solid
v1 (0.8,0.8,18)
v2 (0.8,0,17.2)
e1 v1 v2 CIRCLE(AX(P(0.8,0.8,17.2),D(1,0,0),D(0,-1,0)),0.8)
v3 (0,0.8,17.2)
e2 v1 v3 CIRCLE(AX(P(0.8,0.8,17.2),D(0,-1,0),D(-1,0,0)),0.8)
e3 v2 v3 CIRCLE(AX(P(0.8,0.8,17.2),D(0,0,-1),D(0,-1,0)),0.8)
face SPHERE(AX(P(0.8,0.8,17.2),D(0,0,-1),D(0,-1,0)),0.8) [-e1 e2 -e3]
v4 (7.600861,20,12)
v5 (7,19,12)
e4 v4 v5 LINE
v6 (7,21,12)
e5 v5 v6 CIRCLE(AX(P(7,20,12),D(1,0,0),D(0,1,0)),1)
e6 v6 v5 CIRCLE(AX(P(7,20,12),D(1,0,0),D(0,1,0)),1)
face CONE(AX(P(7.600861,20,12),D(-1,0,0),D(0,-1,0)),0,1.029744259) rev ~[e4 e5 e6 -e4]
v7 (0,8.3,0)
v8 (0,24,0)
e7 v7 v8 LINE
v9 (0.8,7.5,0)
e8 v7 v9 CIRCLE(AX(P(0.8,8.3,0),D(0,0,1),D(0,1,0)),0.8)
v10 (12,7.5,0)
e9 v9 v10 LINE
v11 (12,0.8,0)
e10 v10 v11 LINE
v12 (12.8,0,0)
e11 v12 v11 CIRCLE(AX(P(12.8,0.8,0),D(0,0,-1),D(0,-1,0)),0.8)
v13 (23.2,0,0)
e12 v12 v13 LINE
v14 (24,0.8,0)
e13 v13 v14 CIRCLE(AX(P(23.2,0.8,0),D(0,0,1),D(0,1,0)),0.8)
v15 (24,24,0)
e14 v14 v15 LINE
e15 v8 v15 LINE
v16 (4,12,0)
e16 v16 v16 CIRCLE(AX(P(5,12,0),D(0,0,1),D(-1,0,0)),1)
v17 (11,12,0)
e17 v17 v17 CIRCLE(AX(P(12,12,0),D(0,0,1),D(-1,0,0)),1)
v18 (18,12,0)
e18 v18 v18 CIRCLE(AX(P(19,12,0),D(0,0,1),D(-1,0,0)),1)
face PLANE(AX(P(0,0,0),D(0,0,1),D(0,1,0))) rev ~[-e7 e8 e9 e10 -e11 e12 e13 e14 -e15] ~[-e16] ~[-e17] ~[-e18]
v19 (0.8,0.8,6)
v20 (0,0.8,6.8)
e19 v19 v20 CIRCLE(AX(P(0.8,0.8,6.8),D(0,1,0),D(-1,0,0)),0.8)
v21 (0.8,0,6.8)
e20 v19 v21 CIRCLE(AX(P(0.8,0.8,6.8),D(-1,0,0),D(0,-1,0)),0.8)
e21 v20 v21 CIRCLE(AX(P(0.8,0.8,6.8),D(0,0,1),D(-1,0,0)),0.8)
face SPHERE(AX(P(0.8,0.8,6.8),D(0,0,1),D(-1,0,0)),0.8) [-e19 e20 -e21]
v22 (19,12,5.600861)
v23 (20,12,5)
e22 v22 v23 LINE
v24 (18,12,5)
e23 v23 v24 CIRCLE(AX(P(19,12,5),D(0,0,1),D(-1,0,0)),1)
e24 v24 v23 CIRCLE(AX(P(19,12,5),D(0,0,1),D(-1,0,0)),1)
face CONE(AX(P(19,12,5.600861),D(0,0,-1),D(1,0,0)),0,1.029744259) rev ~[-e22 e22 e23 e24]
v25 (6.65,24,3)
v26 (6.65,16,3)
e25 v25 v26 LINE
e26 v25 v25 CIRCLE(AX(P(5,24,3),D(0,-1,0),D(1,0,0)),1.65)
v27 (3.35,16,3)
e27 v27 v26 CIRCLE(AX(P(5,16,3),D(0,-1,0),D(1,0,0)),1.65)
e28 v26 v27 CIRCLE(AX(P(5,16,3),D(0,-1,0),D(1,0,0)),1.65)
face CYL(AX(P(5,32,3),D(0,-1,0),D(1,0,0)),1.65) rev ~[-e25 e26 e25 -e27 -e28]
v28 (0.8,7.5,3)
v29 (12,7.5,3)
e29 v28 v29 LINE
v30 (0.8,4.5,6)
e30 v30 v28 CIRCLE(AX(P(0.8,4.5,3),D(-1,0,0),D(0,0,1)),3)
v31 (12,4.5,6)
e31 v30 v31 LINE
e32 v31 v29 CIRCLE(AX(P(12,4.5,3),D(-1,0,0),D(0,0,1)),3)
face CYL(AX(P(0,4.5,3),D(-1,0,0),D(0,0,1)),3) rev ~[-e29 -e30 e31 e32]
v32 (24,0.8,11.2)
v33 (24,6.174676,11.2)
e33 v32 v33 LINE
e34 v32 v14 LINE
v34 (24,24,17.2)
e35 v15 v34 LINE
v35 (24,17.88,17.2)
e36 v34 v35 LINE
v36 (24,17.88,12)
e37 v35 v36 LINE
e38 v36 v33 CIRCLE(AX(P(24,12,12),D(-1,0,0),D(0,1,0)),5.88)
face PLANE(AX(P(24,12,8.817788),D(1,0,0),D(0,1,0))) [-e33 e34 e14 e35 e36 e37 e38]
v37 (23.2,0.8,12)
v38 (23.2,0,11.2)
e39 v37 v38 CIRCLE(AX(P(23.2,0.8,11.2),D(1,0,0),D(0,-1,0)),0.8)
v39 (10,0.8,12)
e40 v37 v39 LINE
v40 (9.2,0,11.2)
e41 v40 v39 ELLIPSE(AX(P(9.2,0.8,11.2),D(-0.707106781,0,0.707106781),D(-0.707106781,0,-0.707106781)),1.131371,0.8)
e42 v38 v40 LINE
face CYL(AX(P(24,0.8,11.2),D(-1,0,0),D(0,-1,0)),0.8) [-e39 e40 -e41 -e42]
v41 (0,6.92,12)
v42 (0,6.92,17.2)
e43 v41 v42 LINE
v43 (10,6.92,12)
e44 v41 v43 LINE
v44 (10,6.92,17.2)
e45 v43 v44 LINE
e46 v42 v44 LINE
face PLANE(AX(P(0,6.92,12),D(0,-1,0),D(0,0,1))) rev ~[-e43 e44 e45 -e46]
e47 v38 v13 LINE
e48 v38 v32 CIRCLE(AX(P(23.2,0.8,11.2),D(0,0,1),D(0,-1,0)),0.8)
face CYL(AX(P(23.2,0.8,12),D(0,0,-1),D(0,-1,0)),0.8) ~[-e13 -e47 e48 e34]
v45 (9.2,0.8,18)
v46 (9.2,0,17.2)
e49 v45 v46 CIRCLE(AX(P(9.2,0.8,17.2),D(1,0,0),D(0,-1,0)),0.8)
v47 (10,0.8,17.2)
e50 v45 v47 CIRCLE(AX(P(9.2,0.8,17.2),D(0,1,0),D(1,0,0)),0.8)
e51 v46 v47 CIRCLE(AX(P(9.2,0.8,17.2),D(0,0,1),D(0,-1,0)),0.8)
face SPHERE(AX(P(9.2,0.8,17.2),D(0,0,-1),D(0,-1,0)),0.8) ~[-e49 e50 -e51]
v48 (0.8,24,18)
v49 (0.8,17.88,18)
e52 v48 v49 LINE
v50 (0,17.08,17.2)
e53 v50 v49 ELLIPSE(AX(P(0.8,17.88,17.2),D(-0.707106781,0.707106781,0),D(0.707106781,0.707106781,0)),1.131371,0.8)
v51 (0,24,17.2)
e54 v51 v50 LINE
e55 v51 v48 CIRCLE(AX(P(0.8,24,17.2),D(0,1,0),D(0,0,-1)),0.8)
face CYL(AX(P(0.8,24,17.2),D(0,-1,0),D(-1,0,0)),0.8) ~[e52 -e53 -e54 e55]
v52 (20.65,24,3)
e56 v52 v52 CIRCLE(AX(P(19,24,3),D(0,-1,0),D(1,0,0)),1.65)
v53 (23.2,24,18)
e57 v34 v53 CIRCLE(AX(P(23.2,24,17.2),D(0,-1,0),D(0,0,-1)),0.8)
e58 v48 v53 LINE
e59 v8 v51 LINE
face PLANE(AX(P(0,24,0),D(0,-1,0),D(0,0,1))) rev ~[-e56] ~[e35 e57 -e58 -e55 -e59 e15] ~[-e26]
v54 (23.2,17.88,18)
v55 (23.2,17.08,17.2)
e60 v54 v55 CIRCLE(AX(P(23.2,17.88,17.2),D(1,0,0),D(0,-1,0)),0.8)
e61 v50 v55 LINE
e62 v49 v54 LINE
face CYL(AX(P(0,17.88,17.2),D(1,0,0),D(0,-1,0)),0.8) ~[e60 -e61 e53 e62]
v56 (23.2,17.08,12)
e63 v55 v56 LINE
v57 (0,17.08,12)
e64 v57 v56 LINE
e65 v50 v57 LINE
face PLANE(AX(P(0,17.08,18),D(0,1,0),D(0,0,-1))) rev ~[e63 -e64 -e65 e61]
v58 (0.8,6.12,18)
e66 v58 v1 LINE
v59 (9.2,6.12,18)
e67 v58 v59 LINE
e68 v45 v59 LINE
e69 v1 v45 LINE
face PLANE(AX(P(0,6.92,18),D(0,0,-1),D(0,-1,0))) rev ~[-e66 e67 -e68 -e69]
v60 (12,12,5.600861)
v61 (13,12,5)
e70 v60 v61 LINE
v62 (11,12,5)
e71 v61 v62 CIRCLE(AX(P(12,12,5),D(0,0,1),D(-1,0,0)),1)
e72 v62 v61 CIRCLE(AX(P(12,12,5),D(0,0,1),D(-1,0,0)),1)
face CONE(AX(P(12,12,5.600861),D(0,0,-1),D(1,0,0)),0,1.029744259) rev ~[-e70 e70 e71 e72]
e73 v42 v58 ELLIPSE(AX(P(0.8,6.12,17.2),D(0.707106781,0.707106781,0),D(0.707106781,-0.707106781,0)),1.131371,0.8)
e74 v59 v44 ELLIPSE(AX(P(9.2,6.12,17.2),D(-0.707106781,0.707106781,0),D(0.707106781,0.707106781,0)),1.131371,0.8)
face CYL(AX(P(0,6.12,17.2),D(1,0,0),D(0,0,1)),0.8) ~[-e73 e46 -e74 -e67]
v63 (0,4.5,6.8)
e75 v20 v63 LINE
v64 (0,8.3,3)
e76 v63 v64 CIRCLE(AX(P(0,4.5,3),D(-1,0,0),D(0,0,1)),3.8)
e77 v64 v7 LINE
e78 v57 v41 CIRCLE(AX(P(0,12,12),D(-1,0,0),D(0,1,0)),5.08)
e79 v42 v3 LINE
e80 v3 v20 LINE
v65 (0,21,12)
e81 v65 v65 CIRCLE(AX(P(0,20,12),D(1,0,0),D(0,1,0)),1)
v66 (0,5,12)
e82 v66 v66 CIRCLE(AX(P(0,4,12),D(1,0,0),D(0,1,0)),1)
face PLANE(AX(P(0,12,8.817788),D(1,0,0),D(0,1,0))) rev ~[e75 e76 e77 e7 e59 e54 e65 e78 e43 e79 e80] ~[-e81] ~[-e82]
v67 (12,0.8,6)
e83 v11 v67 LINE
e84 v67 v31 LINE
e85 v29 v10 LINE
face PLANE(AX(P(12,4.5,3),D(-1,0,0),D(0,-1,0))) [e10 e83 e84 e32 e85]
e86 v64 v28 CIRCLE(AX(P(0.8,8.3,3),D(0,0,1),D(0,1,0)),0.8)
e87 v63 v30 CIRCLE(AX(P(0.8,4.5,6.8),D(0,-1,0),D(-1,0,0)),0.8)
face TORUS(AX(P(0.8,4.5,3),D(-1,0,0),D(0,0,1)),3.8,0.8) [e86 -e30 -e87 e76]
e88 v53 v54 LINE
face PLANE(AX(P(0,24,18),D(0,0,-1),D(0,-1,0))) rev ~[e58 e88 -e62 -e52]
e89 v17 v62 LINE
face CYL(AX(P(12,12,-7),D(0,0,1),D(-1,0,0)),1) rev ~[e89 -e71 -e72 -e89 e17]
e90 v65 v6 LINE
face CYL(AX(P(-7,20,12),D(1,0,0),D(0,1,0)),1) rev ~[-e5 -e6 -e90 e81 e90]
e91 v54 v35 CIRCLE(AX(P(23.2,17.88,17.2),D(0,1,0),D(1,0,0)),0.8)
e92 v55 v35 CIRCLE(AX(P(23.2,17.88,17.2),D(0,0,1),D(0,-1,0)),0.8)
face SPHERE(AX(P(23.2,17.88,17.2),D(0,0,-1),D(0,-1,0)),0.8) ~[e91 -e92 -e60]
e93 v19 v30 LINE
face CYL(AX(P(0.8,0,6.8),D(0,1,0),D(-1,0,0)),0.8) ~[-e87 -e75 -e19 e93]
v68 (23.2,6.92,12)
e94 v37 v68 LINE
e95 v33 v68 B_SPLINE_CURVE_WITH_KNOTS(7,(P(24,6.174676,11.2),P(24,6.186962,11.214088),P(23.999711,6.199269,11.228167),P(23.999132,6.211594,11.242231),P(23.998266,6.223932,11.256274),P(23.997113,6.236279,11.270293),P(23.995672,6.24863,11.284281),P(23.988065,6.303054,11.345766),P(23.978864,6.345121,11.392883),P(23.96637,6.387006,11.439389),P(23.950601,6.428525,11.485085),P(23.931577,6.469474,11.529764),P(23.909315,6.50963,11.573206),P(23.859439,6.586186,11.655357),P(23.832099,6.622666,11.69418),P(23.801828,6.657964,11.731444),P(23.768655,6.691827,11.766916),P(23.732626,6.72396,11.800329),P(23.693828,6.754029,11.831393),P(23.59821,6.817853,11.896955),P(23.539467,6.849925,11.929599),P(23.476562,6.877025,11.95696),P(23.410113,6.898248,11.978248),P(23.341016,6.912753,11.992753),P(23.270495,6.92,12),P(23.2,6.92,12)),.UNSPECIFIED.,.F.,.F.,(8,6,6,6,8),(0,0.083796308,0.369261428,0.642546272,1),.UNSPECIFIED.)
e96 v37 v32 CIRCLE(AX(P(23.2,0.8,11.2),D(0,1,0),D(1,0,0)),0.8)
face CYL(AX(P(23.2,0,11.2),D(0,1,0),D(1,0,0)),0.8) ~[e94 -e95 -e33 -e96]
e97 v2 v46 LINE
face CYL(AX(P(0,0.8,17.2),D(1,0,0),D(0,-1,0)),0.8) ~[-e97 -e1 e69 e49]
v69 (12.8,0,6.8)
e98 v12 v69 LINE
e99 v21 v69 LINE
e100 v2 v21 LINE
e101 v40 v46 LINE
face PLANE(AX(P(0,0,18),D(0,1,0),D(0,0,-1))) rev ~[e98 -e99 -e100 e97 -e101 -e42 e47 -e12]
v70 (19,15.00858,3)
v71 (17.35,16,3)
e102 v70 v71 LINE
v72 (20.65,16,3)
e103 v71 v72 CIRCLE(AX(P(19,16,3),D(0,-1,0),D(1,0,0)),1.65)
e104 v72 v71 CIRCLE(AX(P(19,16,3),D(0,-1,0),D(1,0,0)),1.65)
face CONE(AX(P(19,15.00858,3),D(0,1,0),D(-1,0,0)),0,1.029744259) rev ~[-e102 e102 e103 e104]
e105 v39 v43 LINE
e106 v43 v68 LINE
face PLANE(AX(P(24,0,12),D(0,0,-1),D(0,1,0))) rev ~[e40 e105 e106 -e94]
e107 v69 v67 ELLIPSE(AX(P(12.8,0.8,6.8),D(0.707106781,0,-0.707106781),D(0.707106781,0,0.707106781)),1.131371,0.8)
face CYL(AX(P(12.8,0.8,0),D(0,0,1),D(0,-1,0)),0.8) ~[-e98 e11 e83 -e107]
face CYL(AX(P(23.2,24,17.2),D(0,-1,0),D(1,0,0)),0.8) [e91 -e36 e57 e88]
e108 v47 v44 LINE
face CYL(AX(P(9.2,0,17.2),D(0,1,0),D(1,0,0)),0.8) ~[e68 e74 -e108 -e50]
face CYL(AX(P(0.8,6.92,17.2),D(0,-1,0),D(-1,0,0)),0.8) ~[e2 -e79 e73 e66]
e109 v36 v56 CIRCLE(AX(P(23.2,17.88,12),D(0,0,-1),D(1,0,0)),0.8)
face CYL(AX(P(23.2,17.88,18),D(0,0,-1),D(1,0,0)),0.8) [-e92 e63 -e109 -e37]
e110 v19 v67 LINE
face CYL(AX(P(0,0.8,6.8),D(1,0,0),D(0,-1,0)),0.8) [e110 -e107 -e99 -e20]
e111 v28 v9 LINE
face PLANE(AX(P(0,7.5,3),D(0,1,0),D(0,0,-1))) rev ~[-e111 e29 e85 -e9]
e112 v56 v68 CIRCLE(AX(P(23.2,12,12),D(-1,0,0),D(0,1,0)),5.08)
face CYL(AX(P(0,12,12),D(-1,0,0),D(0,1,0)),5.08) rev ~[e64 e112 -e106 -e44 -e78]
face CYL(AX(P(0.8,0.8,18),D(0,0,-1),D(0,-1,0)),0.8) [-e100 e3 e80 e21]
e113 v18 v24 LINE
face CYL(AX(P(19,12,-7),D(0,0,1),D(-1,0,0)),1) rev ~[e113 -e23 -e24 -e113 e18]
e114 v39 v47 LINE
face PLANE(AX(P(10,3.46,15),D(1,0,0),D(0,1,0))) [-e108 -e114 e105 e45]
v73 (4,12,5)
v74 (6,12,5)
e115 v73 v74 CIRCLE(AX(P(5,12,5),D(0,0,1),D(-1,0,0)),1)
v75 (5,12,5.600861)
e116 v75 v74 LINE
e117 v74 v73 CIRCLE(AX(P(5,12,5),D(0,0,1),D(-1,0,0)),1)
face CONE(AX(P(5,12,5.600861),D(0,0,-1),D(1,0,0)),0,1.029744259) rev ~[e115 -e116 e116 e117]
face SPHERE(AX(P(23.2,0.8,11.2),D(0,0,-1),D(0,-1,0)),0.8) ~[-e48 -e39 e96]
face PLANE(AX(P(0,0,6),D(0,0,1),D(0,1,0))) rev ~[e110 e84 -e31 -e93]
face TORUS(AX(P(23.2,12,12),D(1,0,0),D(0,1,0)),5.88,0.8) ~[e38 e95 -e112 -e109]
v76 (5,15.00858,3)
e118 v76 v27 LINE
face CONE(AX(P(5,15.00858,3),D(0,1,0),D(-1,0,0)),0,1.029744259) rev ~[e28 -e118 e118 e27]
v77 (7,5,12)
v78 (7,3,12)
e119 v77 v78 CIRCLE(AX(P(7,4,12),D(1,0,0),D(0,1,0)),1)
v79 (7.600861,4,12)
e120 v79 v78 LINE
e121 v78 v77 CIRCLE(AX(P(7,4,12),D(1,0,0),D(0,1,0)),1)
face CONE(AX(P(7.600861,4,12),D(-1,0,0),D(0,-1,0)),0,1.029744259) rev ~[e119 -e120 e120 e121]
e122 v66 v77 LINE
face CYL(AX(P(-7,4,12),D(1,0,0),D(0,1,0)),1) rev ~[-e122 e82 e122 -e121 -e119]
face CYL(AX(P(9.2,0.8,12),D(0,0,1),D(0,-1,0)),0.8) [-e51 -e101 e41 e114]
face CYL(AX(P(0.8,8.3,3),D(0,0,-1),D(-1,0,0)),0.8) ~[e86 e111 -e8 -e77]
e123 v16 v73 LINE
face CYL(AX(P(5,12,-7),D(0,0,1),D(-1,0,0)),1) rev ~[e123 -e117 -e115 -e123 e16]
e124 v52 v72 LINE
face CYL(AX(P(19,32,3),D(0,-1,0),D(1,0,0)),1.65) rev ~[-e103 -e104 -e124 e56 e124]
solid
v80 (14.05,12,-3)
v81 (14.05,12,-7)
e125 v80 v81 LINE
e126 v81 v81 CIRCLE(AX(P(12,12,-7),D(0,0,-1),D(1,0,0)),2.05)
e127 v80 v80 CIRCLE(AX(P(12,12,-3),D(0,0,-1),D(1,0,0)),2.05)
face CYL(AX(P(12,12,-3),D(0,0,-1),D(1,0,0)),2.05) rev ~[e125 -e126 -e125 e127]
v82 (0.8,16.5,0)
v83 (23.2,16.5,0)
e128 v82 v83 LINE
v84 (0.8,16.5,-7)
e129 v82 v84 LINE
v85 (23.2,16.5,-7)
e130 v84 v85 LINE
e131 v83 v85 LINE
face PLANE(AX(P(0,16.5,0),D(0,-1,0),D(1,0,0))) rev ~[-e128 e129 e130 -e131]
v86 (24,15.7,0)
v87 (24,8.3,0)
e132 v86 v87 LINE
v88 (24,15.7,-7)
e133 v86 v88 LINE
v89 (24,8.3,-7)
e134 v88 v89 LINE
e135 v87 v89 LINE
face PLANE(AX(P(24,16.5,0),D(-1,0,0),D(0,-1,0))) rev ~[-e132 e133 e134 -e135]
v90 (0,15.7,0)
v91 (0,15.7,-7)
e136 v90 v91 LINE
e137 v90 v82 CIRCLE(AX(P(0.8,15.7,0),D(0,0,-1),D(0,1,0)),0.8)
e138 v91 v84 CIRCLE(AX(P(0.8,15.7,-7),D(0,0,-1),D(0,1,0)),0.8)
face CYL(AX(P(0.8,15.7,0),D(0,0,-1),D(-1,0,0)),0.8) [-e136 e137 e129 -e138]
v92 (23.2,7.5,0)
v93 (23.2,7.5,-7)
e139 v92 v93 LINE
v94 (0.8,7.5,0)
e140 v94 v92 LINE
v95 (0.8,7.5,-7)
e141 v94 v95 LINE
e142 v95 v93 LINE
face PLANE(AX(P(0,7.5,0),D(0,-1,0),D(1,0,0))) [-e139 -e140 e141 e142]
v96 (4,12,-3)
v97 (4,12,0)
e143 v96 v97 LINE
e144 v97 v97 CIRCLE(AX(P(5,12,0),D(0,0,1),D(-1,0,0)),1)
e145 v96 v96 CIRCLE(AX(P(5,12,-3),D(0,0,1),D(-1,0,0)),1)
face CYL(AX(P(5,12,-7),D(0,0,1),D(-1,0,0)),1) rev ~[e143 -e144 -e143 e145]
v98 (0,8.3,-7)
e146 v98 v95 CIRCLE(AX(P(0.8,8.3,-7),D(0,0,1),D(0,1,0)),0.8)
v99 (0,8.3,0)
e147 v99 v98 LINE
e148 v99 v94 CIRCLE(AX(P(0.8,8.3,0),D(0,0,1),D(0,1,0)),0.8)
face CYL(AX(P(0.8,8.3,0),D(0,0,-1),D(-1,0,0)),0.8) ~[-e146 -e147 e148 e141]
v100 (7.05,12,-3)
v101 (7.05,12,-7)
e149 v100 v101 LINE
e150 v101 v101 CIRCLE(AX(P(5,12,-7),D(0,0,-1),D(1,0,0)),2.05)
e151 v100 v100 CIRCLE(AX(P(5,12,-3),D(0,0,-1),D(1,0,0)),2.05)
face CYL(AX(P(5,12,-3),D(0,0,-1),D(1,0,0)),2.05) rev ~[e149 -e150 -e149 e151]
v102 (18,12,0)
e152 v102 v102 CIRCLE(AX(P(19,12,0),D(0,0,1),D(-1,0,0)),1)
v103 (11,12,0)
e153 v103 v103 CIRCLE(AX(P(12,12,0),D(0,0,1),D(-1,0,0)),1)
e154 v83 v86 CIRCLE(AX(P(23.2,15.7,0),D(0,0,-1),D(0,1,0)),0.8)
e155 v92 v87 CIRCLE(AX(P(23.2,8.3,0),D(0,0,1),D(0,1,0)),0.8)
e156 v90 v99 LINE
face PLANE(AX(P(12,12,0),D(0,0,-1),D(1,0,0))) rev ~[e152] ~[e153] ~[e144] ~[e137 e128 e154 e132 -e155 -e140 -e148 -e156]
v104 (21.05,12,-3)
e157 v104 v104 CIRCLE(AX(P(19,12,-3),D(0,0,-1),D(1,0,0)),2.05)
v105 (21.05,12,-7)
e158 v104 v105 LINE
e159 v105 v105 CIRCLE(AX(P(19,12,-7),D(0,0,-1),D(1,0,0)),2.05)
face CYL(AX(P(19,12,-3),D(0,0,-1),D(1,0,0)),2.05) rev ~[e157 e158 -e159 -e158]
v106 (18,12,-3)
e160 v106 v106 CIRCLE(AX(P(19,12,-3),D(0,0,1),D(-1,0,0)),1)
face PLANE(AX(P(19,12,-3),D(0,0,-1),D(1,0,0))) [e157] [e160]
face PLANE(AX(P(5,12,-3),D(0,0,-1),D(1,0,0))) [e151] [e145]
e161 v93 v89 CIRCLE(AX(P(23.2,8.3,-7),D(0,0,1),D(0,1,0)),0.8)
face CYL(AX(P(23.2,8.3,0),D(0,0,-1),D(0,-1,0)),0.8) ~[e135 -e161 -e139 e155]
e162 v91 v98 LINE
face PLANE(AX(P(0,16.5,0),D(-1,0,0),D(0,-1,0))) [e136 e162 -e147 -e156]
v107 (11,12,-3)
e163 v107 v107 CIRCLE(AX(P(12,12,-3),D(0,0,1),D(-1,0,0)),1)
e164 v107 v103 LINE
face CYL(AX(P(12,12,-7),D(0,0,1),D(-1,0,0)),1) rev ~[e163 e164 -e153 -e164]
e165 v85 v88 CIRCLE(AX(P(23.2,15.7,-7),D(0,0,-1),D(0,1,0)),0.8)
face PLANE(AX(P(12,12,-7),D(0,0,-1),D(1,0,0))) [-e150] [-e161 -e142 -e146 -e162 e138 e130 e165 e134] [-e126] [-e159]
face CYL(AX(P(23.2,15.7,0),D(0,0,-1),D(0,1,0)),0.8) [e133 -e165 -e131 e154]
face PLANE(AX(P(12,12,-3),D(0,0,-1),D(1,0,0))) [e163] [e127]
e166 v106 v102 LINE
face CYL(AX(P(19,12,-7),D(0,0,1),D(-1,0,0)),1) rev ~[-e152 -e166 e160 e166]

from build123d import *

# Parameters (mm, degrees)
F1_DEPTH         = 24
F3_D             = 2
F3_DEPTH         = 7
F3_TIP           = 0.600860619
F5_D             = 3.3
F5_DEPTH         = 8
F5_TIP           = 0.9914200214
F6_W             = 24
F6_H             = 9
F7_DEPTH         = 7
F9_D             = 2
F9_DEPTH         = 12
F9_CBORE_D       = 4.1
F9_CBORE_DEPTH   = 4
F9_TIP           = 0.600860619
F9_2_D           = 2
F9_2_DEPTH       = 12
F9_2_CBORE_D     = 4.1
F9_2_CBORE_DEPTH = 4
F9_2_TIP         = 0.600860619
F11_DEPTH        = 12
F12_W            = 6.92
F12_H            = 6
F13_DEPTH        = 14
F14_R            = 0.8
F14_2_R          = 0.8


with BuildPart() as f1:
    # F0 (on Right) → F1 (new body)
    with BuildSketch(Plane.YZ):
        with BuildLine():
            Line((0, 18), (0, 0))
            Line((0, 0), (24, 0))
            Line((24, 0), (24, 18))
            Line((24, 18), (17.08, 18))
            Line((17.08, 18), (17.08, 12))
            ThreePointArc((17.08, 12), (12, 6.92), (6.92, 12))
            Line((6.92, 12), (6.92, 18))
            Line((6.92, 18), (0, 18))
        make_face()
    extrude(amount=F1_DEPTH)

    # F3
    with Locations(Plane(origin=(0, 0, 0), x_dir=(0, -1, 0), z_dir=(-1, 0, 0))):
        with Locations((-20, 12), (-4, 12)):
            Hole(F3_D / 2, depth=F3_DEPTH)
            with Locations((0, 0, -(F3_DEPTH + F3_TIP / 2))):  # 118° drill point
                Cone(0, F3_D / 2, F3_TIP, mode=Mode.SUBTRACT)

    # F5
    with Locations(Plane(origin=(0, 24, 0), x_dir=(-1, 0, 0), z_dir=(0, 1, 0))):
        with Locations((-19, 3), (-5, 3)):
            Hole(F5_D / 2, depth=F5_DEPTH)
            with Locations((0, 0, -(F5_DEPTH + F5_TIP / 2))):  # 118° drill point
                Cone(0, F5_D / 2, F5_TIP, mode=Mode.SUBTRACT)

    # F9
    with Locations(Plane(origin=(0, 0, -7), x_dir=(1, 0, 0), z_dir=(0, 0, -1))):
        with Locations((5, -12), (12, -12), (19, -12)):
            CounterBoreHole(F9_D / 2, F9_CBORE_D / 2, F9_CBORE_DEPTH, depth=F9_DEPTH)
            with Locations((0, 0, -(F9_DEPTH + F9_TIP / 2))):  # 118° drill point
                Cone(0, F9_D / 2, F9_TIP, mode=Mode.SUBTRACT)

    # F10 (on face) → F11 (cut)
    with BuildSketch(Plane(origin=(0, 0, 0), x_dir=(0, -1, 0), z_dir=(-1, 0, 0))):
        with BuildLine():
            ThreePointArc((-4.5, 0), (-2.3786796564, 0.8786796564), (-1.5, 3))
            ThreePointArc((-1.5, 3), (-2.3786796564, 5.1213203436), (-4.5, 6))
            ThreePointArc((-4.5, 6), (-6.6213203436, 5.1213203436), (-7.5, 3))
            ThreePointArc((-7.5, 3), (-6.6213203436, 0.8786796564), (-4.5, 0))
        make_face()
        with BuildLine():
            ThreePointArc((-4.5, 6), (-2.3786796564, 5.1213203436), (-1.5, 3))
            ThreePointArc((-1.5, 3), (-2.3786796564, 0.8786796564), (-4.5, 0))
            Line((-4.5, 0), (0, 0))
            Line((0, 0), (0, 6))
            Line((0, 6), (-4.5, 6))
        make_face()
        with BuildLine():
            Line((-7.5, 0), (-4.5, 0))
            ThreePointArc((-4.5, 0), (-6.6213203436, 0.8786796564), (-7.5, 3))
            Line((-7.5, 3), (-7.5, 0))
        make_face()
    extrude(amount=-F11_DEPTH, mode=Mode.SUBTRACT)

    # F12 (on face) → F13 (cut)
    with BuildSketch(Plane.YZ.offset(24)):
        with Locations((3.46, 15)):
            Rectangle(F12_W, F12_H)
    extrude(amount=-F13_DEPTH, mode=Mode.SUBTRACT)

    # F14
    f14_edges = [f1.edges().sort_by_distance(p)[0] for p in [
        (0, 0, 12),
        (0, 2.25, 6),
        (6, 0, 6),
        (12, 0, 3),
        (24, 0, 6),
        (17, 0, 12),
        (24, 3.46, 12),
        (10, 0, 15),
        (24, 12, 6.92),
        (5, 0, 18),
        (0, 3.46, 18),
        (5, 6.92, 18),
        (10, 3.46, 18),
        (12, 17.08, 18),
        (0, 20.54, 18),
        (24, 20.54, 18),
    ]]
    fillet(f14_edges, radius=F14_R)


with BuildPart() as f7:
    # F6 (on face) → F7 (new body)
    with BuildSketch(Plane(origin=(0, 0, 0), x_dir=(1, 0, 0), z_dir=(0, 0, -1))):
        with Locations((12, -12)):
            Rectangle(F6_W, F6_H)
    extrude(amount=F7_DEPTH)

    # F9#2
    with Locations(Plane(origin=(0, 0, -7), x_dir=(1, 0, 0), z_dir=(0, 0, -1))):
        with Locations((5, -12), (12, -12), (19, -12)):
            CounterBoreHole(F9_2_D / 2, F9_2_CBORE_D / 2, F9_2_CBORE_DEPTH, depth=F9_2_DEPTH)
            with Locations((0, 0, -(F9_2_DEPTH + F9_2_TIP / 2))):  # 118° drill point
                Cone(0, F9_2_D / 2, F9_2_TIP, mode=Mode.SUBTRACT)

    # F14#2
    f14_2_edges = [f7.edges().sort_by_distance(p)[0] for p in [
        (0, 7.5, -3.5),
        (0, 16.5, -3.5),
        (24, 16.5, -3.5),
        (24, 7.5, -3.5),
    ]]
    fillet(f14_2_edges, radius=F14_2_R)


solid = Compound([f1.part, f7.part])
